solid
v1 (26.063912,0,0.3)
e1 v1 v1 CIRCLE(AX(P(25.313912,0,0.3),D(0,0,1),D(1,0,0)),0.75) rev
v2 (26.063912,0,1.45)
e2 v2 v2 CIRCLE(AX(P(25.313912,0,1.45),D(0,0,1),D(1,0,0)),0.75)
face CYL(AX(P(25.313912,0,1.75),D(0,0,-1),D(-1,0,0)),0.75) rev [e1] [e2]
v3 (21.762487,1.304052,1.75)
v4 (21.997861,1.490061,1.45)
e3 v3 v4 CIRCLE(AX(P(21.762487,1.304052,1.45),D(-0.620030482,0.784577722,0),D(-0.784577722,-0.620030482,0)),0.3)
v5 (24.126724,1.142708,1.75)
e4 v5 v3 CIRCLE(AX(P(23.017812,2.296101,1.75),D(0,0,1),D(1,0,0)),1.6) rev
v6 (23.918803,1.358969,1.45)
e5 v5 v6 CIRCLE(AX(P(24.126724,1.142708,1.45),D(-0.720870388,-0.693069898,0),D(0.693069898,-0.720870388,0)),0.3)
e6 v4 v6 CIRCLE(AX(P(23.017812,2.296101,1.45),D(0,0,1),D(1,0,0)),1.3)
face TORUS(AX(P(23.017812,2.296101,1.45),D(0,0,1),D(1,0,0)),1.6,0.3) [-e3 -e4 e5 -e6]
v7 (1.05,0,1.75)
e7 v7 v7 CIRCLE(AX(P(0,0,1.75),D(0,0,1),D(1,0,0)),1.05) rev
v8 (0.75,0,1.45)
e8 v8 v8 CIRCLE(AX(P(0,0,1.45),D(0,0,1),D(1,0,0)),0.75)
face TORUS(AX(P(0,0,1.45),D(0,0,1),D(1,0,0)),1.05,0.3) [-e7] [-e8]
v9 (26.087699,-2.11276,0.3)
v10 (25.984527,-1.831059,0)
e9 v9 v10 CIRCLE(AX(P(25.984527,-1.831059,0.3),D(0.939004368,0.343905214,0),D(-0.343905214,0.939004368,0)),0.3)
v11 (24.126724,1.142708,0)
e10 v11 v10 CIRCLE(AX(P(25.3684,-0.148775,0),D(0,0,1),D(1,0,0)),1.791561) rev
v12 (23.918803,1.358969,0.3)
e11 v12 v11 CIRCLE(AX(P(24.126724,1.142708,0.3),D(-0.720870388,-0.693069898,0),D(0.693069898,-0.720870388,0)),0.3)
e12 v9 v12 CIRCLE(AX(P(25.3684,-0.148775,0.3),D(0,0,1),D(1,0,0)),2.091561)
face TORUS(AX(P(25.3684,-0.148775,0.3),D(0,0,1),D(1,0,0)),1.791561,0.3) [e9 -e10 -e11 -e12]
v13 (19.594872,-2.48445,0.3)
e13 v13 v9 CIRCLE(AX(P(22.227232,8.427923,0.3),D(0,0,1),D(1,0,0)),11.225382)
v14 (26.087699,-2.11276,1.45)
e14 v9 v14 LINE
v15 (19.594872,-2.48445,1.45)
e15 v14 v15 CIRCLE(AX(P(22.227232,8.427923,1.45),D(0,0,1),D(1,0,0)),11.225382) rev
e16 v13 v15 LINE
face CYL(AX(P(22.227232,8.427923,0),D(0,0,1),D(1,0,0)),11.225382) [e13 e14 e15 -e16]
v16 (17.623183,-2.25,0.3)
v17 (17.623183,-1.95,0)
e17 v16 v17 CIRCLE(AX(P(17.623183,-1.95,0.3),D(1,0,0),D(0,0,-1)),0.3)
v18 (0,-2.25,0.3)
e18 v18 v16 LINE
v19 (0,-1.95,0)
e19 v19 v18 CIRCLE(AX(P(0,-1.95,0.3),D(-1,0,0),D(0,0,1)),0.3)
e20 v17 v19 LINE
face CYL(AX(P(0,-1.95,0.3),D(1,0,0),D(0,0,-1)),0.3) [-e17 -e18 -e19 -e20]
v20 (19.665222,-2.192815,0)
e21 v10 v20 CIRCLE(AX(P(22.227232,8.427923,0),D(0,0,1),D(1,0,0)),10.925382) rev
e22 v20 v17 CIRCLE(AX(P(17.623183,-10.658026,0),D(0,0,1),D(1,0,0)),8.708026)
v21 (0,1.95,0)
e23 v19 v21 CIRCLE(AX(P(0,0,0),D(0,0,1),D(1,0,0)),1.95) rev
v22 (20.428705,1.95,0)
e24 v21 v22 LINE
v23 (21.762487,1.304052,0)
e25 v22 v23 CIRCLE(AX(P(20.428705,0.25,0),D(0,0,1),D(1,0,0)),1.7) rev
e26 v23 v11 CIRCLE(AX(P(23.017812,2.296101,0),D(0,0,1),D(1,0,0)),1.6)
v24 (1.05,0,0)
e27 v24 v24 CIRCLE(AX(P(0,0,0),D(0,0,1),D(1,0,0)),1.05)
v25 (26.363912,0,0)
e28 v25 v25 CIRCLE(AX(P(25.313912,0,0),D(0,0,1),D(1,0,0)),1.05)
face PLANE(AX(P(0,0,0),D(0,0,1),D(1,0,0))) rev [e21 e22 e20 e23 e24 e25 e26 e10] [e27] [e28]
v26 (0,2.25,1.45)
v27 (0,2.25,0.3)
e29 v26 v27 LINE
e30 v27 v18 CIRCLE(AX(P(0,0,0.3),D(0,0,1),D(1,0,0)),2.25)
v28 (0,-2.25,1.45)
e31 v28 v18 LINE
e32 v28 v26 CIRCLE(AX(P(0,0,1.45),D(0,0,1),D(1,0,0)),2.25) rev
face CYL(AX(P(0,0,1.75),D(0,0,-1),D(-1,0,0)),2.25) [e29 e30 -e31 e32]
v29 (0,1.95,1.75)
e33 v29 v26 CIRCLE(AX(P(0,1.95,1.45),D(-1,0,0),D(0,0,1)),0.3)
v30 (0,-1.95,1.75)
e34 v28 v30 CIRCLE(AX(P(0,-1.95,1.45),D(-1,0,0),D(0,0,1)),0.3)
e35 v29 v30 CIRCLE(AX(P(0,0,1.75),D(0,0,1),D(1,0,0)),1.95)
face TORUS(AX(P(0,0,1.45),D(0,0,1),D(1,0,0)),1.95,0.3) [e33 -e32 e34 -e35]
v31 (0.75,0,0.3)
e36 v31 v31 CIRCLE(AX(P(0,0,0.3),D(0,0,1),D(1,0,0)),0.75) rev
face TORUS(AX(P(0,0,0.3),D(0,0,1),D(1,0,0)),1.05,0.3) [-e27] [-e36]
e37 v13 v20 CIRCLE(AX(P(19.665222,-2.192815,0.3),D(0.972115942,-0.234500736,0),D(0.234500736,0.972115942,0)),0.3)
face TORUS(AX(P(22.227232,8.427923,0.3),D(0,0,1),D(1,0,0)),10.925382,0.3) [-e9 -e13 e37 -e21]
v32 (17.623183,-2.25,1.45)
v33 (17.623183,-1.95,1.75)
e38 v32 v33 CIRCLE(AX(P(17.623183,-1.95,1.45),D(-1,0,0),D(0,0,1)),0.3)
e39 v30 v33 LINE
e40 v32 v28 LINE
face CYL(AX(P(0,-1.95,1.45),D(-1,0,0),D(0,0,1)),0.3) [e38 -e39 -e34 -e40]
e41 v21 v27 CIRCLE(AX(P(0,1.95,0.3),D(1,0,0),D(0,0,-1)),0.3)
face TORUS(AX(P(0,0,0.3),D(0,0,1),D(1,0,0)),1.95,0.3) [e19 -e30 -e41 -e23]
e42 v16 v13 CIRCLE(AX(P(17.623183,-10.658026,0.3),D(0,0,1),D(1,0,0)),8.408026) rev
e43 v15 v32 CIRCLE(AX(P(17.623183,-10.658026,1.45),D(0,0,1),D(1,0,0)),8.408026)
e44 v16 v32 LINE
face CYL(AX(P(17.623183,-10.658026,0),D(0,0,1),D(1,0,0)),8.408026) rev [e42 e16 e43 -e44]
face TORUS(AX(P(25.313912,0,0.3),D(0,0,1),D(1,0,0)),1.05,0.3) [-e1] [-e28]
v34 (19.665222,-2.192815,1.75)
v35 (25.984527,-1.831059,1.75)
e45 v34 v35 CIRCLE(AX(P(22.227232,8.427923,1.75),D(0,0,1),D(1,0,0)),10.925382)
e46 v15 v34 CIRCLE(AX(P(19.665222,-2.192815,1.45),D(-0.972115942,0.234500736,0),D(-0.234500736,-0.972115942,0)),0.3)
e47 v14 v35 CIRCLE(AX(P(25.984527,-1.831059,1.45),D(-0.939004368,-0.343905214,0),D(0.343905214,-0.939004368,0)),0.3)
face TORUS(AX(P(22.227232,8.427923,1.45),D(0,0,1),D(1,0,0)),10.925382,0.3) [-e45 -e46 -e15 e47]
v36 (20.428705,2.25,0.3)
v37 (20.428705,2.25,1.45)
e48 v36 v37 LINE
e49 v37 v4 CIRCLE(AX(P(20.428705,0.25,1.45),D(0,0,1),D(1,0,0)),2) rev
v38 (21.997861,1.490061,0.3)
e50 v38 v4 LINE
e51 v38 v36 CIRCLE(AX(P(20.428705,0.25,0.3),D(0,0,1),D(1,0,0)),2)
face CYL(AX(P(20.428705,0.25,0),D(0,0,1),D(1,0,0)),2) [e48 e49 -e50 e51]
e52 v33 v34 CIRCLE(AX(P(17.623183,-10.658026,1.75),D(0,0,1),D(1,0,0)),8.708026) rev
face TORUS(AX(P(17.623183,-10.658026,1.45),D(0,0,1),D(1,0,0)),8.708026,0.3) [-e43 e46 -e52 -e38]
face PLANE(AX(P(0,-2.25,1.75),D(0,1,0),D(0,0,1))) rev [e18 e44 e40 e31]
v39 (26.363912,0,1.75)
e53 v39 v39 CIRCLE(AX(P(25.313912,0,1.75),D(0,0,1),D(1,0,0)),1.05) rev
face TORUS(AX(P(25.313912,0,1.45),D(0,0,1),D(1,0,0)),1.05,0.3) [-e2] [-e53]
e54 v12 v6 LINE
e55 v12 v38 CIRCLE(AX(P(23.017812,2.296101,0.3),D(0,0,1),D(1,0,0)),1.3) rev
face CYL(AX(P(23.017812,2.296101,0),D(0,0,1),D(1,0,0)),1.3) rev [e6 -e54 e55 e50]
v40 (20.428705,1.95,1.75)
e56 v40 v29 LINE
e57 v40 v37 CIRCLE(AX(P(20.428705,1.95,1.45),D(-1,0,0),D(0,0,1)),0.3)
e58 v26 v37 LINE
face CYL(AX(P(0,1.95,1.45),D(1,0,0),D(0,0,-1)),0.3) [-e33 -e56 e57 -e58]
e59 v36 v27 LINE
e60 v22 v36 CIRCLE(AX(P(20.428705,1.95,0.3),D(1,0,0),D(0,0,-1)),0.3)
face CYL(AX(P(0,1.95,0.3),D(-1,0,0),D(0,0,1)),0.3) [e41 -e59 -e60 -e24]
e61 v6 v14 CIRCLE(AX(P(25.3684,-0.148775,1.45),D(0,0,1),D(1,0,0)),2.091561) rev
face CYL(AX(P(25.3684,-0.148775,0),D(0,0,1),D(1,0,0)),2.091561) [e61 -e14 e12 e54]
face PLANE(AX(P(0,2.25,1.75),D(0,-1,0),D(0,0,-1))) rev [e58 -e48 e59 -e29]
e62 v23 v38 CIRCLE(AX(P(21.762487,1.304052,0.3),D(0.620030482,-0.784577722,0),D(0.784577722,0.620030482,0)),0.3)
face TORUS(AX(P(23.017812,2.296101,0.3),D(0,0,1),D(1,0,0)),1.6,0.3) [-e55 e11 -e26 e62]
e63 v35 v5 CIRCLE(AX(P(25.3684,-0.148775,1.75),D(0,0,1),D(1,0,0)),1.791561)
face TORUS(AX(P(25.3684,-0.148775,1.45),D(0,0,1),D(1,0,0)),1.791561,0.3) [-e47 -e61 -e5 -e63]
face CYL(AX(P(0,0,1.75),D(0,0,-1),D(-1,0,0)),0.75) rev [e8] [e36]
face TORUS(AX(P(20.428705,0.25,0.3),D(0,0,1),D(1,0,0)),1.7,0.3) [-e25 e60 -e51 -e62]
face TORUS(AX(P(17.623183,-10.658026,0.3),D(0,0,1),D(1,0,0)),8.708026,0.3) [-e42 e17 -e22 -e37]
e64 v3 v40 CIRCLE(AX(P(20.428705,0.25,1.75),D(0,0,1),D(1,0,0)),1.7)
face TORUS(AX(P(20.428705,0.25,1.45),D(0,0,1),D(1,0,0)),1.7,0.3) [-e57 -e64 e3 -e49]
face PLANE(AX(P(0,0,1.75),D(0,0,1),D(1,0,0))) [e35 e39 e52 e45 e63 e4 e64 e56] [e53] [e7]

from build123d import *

# Parameters (mm, degrees)
SKETCH1_R           = 0.75
BOSS_EXTRUDE1_DEPTH = 1.75
CUT_EXTRUDE1_DEPTH  = 2.75
BOSS_EXTRUDE2_DEPTH = 1.75
FILLET1_R           = 0.3


with BuildPart() as part:
    # Sketch1 → Boss-Extrude1 (new body)
    with BuildSketch(Plane.XY):
        with BuildLine():
            Line((0, 2.25), (25.3139123, 2.25))
            ThreePointArc((25.3139123, 2.25), (27.5639123, 0), (25.3139123, -2.25))
            Line((25.3139123, -2.25), (0, -2.25))
            ThreePointArc((0, -2.25), (-2.25, 0), (0, 2.25))
        make_face()
        Circle(SKETCH1_R, mode=Mode.SUBTRACT)
        with Locations((25.3139123, 0)):
            Circle(SKETCH1_R, mode=Mode.SUBTRACT)
    extrude(amount=BOSS_EXTRUDE1_DEPTH)

    # Sketch3 → Cut-Extrude1 (cut, through all)
    with BuildSketch(Plane.XY.offset(1.75)):
        with BuildLine():
            Line((20.428705222, 2.25), (19.342677146, 2.25))
            Line((19.342677146, 2.25), (23.387436759, 7.422260387))
            Line((23.387436759, 7.422260387), (32.371586903, 3.422864517))
            Line((32.371586903, 3.422864517), (28.657239067, -4.174979021))
            Line((28.657239067, -4.174979021), (25.048377489, -2.234276452))
            ThreePointArc((25.048377489, -2.234276452), (25.575200601, -2.234777041), (26.087699031, -2.112759829))
            ThreePointArc((26.087699031, -2.112759829), (27.142254835, 0.959406624), (23.918802571, 1.358969087))
            ThreePointArc((23.918802571, 1.358969087), (22.929300966, 0.999117226), (21.997860665, 1.490060964))
            ThreePointArc((21.997860665, 1.490060964), (21.300450044, 2.050016934), (20.428705222, 2.25))
        make_face()
    extrude(amount=-CUT_EXTRUDE1_DEPTH, mode=Mode.SUBTRACT)

    # Sketch4 → Boss-Extrude2 (add)
    with BuildSketch(Plane.XY.offset(1.75)):
        with BuildLine():
            Line((17.62318329, -2.25), (26.087699031, -2.112759829))
            ThreePointArc((26.087699031, -2.112759829), (22.868792436, -2.779110617), (19.594871531, -2.484449879))
            ThreePointArc((19.594871531, -2.484449879), (18.61597245, -2.308818201), (17.62318329, -2.25))
        make_face()
    extrude(amount=-BOSS_EXTRUDE2_DEPTH)

    # Fillet1
    fillet1_edges = [part.edges().sort_by_distance(p)[0] for p in [
        (-0.75, 0, 0),
        (-0.75, 0, 1.75),
        (24.5639123, 0, 0),
        (24.5639123, 0, 1.75),
        (10.214352611, 2.25, 0),
        (10.214352611, 2.25, 1.75),
        (27.142254835, 0.959406624, 1.75),
        (21.300450044, 2.050016934, 1.75),
        (22.929300966, 0.999117226, 1.75),
        (27.142254835, 0.959406624, 0),
        (22.929300966, 0.999117226, 0),
        (21.300450044, 2.050016934, 0),
        (-2.25, 0, 1.75),
        (8.811591645, -2.25, 0),
        (-2.25, 0, 0),
        (18.61597245, -2.308818201, 1.75),
        (22.868792436, -2.779110617, 1.75),
        (22.868792436, -2.779110617, 0),
        (18.61597245, -2.308818201, 0),
        (8.811591645, -2.25, 1.75),
    ]]
    fillet(fillet1_edges, radius=FILLET1_R)


solid = part.part
